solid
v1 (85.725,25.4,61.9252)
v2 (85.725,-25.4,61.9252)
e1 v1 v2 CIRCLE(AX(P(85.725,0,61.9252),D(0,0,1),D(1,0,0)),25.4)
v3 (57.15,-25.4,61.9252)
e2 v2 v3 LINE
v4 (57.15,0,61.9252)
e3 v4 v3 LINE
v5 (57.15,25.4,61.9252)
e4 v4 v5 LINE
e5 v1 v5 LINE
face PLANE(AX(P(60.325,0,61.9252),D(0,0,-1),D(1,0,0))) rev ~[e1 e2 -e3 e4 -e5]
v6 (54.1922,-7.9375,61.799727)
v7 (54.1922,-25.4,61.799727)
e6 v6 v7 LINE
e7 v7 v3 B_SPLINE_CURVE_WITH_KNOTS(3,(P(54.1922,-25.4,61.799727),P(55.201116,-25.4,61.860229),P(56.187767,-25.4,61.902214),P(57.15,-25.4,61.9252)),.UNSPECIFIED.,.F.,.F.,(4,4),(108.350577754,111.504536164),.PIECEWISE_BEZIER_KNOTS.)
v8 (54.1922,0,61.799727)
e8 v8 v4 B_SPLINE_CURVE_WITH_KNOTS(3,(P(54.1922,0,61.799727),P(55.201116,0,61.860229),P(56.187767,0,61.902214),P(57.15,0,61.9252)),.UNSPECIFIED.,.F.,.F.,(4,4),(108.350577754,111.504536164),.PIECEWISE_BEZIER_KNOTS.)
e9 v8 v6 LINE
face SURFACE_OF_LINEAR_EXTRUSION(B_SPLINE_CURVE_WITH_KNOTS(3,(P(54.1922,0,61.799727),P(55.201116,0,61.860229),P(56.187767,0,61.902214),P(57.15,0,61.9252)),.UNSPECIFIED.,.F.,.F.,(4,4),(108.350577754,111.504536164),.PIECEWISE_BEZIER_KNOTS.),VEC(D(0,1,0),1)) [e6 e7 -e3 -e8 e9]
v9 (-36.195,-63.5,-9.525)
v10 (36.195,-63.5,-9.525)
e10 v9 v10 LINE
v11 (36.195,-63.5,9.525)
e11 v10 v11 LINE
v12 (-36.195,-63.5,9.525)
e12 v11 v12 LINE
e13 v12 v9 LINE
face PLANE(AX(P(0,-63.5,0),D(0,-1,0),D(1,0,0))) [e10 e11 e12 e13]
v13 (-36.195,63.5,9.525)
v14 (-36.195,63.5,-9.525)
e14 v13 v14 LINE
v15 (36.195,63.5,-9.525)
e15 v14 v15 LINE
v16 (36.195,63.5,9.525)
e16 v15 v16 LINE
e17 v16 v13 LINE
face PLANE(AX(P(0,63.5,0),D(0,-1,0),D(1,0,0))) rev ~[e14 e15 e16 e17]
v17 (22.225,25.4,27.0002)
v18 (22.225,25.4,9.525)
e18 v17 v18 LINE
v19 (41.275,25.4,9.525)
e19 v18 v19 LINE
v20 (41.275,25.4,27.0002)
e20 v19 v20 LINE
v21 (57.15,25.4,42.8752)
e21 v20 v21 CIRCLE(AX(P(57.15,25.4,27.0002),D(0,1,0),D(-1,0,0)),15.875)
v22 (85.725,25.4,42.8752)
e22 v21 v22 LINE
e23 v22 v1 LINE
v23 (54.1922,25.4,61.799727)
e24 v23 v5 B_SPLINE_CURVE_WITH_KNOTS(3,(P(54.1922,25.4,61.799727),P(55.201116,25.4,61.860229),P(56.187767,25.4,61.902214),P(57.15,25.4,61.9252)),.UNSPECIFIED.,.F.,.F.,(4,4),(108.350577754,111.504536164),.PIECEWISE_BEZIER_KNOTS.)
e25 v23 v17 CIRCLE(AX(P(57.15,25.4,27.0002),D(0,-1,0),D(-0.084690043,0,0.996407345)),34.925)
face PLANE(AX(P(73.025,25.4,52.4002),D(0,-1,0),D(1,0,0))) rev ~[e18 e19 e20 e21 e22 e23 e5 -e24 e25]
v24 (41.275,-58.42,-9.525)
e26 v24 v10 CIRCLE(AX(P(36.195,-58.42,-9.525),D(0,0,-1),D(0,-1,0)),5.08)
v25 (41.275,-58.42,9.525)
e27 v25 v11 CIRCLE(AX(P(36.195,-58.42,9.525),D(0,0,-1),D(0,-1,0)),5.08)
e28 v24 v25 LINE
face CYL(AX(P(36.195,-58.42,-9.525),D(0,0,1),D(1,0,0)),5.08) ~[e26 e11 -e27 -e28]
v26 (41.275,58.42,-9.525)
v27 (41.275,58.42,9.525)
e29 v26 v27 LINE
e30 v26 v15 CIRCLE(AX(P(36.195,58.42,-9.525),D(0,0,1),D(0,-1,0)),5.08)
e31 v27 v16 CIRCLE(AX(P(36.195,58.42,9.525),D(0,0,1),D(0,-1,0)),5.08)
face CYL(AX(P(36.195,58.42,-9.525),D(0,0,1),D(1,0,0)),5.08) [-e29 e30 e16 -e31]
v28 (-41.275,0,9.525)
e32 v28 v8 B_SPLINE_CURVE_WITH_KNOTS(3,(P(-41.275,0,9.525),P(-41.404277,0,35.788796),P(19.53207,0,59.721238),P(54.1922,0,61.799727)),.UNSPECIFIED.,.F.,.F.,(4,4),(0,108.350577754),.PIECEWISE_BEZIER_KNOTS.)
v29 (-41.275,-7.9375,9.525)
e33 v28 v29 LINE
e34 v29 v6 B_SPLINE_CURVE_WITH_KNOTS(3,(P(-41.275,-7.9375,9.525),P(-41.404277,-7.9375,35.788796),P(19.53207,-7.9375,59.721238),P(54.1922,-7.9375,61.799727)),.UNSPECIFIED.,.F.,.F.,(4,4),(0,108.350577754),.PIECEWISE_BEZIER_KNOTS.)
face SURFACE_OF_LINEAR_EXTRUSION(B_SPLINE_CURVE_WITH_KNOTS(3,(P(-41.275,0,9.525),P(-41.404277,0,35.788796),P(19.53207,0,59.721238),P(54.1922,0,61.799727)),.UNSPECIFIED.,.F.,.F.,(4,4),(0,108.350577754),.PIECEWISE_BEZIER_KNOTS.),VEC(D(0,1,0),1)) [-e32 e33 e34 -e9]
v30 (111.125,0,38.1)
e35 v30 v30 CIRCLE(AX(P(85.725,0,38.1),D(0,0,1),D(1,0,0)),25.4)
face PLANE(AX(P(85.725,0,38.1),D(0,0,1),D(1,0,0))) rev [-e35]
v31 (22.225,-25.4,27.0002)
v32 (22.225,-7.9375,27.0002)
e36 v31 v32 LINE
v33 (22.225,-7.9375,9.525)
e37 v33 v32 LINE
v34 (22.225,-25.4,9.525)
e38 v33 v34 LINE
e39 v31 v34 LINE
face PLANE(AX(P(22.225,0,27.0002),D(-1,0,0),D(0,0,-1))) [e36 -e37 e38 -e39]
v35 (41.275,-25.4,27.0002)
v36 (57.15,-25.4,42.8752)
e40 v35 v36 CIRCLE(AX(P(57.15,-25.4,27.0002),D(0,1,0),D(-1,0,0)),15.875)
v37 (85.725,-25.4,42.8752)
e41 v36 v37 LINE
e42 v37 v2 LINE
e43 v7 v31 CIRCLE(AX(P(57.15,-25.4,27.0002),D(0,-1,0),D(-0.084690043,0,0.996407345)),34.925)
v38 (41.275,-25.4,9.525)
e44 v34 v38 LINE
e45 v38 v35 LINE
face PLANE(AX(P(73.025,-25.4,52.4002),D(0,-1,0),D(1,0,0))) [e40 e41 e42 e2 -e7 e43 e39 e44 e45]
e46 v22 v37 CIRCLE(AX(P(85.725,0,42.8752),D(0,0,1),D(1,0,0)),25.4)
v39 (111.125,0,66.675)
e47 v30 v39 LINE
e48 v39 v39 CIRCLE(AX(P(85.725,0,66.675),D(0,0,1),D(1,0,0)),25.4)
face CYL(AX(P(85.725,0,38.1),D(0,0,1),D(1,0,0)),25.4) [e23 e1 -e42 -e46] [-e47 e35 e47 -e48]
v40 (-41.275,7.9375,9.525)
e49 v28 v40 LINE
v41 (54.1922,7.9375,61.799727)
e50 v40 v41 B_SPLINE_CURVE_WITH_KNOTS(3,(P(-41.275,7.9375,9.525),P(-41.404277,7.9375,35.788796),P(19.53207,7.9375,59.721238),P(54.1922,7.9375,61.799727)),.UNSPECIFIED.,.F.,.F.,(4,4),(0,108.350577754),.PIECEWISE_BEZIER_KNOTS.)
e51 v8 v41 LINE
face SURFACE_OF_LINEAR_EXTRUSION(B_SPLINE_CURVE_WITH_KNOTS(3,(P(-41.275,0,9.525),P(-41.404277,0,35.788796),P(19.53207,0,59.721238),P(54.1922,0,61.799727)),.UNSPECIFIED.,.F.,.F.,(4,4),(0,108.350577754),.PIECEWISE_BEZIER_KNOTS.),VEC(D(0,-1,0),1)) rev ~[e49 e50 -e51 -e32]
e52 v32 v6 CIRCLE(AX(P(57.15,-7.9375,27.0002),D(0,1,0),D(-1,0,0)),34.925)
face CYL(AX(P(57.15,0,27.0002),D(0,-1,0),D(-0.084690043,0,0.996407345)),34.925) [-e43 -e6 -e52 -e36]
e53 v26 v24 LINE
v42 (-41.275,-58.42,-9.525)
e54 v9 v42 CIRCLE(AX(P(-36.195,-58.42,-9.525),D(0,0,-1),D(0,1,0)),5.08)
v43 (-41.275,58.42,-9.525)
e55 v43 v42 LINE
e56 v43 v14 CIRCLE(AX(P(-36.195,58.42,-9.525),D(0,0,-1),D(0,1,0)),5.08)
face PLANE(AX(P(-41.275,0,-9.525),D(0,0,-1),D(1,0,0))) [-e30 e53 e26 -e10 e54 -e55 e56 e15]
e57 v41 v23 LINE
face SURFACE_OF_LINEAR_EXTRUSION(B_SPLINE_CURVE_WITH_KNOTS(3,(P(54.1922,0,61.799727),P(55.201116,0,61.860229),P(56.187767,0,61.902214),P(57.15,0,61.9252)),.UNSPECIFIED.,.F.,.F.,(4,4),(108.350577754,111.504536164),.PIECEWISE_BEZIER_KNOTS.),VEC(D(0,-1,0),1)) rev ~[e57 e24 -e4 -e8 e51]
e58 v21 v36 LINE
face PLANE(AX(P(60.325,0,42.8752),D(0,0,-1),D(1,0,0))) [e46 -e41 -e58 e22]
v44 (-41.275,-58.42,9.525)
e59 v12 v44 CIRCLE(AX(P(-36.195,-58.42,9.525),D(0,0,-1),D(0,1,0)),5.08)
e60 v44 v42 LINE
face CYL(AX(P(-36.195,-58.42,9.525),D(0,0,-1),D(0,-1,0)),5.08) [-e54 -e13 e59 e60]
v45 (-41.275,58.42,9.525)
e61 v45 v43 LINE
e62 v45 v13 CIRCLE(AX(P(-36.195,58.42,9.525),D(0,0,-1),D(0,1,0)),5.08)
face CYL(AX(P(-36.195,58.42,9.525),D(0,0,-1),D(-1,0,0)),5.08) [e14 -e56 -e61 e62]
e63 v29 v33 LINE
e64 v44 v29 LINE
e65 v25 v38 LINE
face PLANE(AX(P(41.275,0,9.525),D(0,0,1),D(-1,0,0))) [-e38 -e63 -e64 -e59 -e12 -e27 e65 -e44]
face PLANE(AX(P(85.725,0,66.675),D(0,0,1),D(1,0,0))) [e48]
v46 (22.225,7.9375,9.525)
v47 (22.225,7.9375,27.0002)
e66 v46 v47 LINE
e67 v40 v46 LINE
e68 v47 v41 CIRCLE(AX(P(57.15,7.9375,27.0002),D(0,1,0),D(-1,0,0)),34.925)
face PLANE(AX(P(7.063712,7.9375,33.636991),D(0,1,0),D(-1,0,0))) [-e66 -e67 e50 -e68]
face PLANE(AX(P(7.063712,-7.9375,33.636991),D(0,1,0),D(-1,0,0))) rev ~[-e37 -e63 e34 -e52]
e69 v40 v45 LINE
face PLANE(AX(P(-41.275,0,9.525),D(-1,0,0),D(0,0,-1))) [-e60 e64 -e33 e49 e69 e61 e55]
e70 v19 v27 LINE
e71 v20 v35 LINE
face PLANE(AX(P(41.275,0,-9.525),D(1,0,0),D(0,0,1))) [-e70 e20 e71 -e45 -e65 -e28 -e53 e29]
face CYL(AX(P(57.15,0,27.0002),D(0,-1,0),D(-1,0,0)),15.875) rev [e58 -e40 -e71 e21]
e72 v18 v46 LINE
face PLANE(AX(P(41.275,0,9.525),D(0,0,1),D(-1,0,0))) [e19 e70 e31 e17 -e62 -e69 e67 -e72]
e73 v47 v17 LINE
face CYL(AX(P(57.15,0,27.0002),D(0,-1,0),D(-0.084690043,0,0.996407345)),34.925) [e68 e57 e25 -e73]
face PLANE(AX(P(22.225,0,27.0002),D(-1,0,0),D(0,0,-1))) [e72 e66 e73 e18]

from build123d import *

# Parameters (mm, degrees)
F1_DEPTH = 63.5
F2_DEPTH = 25.4
F0_W     = 25.4
F0_H     = 19.05
F3_DEPTH = 25.4
F4_DEPTH = 7.9375
F6_R     = 5.08


with BuildPart() as f1:
    # F0 (on Front) → F1 (new body, symmetric)
    with BuildSketch(Plane.XZ):
        Polygon((22.225, 9.525), (-41.275, 9.525), (-41.275, -9.525), (41.275, -9.525), (41.275, 9.525), align=None)
    extrude(amount=F1_DEPTH, both=True)

    # F0 (on Front) → F2 (join, symmetric)
    with BuildSketch(Plane.XZ):
        with BuildLine():
            Line((22.225, 27.0002), (22.225, 9.525))
            Line((22.225, 9.525), (41.275, 9.525))
            Line((41.275, 9.525), (41.275, 27.0002))
            ThreePointArc((41.275, 27.0002), (45.9246798487, 38.2255201513), (57.15, 42.8752))
            Line((57.15, 42.8752), (60.325, 42.8752))
            Line((60.325, 42.8752), (60.325, 61.9252))
            Line((60.325, 61.9252), (57.15, 61.9252))
            add(Edge.make_bspline(
                [(54.1922002544, 61.799726515), (55.2011160531, 61.8602288921), (56.1877673856, 61.9022138929), (57.15, 61.9252)],
                knots=[108.3505777535, 108.3505777535, 108.3505777535, 108.3505777535, 111.5045361635, 111.5045361635, 111.5045361635, 111.5045361635], degree=3))
            ThreePointArc((54.1922002544, 61.799726515), (31.4298057831, 50.627032933), (22.225, 27.0002))
        make_face()
    extrude(amount=F2_DEPTH, both=True)

    # F0 (on Front) → F3 (join, symmetric)
    with BuildSketch(Plane.XZ):
        with Locations((73.025, 52.4002)):
            Rectangle(F0_W, F0_H)
    extrude(amount=F3_DEPTH, both=True)

    # F0 (on Front) → F4 (join, symmetric)
    with BuildSketch(Plane.XZ):
        with BuildLine():
            add(Edge.make_bspline(
                [(-41.275, 9.525), (-41.4042765408, 35.7887962945), (19.5320698785, 59.7212376229), (54.1922002544, 61.799726515)],
                knots=[0, 0, 0, 0, 108.3505777535, 108.3505777535, 108.3505777535, 108.3505777535], degree=3))
            Line((-41.275, 9.525), (22.225, 9.525))
            Line((22.225, 9.525), (22.225, 27.0002))
            ThreePointArc((22.225, 27.0002), (31.4298057831, 50.627032933), (54.1922002544, 61.799726515))
        make_face()
    extrude(amount=F4_DEPTH, both=True)

    # F0 (on Front) → F5 (revolve)
    with BuildSketch(Plane.XZ):
        Polygon((85.725, 66.675), (85.725, 61.9252), (85.725, 42.8752), (85.725, 38.1), (111.125, 38.1), (111.125, 66.675), align=None)
    revolve(axis=Axis((85.725, 0, 52.3875), (0, 0, 1)))

    # F6
    f6_edges = [f1.edges().sort_by_distance(p)[0] for p in [
        (-41.275, -63.5, 0),
        (-41.275, 63.5, 0),
        (41.275, 63.5, 0),
        (41.275, -63.5, 0),
    ]]
    fillet(f6_edges, radius=F6_R)


solid = f1.part
